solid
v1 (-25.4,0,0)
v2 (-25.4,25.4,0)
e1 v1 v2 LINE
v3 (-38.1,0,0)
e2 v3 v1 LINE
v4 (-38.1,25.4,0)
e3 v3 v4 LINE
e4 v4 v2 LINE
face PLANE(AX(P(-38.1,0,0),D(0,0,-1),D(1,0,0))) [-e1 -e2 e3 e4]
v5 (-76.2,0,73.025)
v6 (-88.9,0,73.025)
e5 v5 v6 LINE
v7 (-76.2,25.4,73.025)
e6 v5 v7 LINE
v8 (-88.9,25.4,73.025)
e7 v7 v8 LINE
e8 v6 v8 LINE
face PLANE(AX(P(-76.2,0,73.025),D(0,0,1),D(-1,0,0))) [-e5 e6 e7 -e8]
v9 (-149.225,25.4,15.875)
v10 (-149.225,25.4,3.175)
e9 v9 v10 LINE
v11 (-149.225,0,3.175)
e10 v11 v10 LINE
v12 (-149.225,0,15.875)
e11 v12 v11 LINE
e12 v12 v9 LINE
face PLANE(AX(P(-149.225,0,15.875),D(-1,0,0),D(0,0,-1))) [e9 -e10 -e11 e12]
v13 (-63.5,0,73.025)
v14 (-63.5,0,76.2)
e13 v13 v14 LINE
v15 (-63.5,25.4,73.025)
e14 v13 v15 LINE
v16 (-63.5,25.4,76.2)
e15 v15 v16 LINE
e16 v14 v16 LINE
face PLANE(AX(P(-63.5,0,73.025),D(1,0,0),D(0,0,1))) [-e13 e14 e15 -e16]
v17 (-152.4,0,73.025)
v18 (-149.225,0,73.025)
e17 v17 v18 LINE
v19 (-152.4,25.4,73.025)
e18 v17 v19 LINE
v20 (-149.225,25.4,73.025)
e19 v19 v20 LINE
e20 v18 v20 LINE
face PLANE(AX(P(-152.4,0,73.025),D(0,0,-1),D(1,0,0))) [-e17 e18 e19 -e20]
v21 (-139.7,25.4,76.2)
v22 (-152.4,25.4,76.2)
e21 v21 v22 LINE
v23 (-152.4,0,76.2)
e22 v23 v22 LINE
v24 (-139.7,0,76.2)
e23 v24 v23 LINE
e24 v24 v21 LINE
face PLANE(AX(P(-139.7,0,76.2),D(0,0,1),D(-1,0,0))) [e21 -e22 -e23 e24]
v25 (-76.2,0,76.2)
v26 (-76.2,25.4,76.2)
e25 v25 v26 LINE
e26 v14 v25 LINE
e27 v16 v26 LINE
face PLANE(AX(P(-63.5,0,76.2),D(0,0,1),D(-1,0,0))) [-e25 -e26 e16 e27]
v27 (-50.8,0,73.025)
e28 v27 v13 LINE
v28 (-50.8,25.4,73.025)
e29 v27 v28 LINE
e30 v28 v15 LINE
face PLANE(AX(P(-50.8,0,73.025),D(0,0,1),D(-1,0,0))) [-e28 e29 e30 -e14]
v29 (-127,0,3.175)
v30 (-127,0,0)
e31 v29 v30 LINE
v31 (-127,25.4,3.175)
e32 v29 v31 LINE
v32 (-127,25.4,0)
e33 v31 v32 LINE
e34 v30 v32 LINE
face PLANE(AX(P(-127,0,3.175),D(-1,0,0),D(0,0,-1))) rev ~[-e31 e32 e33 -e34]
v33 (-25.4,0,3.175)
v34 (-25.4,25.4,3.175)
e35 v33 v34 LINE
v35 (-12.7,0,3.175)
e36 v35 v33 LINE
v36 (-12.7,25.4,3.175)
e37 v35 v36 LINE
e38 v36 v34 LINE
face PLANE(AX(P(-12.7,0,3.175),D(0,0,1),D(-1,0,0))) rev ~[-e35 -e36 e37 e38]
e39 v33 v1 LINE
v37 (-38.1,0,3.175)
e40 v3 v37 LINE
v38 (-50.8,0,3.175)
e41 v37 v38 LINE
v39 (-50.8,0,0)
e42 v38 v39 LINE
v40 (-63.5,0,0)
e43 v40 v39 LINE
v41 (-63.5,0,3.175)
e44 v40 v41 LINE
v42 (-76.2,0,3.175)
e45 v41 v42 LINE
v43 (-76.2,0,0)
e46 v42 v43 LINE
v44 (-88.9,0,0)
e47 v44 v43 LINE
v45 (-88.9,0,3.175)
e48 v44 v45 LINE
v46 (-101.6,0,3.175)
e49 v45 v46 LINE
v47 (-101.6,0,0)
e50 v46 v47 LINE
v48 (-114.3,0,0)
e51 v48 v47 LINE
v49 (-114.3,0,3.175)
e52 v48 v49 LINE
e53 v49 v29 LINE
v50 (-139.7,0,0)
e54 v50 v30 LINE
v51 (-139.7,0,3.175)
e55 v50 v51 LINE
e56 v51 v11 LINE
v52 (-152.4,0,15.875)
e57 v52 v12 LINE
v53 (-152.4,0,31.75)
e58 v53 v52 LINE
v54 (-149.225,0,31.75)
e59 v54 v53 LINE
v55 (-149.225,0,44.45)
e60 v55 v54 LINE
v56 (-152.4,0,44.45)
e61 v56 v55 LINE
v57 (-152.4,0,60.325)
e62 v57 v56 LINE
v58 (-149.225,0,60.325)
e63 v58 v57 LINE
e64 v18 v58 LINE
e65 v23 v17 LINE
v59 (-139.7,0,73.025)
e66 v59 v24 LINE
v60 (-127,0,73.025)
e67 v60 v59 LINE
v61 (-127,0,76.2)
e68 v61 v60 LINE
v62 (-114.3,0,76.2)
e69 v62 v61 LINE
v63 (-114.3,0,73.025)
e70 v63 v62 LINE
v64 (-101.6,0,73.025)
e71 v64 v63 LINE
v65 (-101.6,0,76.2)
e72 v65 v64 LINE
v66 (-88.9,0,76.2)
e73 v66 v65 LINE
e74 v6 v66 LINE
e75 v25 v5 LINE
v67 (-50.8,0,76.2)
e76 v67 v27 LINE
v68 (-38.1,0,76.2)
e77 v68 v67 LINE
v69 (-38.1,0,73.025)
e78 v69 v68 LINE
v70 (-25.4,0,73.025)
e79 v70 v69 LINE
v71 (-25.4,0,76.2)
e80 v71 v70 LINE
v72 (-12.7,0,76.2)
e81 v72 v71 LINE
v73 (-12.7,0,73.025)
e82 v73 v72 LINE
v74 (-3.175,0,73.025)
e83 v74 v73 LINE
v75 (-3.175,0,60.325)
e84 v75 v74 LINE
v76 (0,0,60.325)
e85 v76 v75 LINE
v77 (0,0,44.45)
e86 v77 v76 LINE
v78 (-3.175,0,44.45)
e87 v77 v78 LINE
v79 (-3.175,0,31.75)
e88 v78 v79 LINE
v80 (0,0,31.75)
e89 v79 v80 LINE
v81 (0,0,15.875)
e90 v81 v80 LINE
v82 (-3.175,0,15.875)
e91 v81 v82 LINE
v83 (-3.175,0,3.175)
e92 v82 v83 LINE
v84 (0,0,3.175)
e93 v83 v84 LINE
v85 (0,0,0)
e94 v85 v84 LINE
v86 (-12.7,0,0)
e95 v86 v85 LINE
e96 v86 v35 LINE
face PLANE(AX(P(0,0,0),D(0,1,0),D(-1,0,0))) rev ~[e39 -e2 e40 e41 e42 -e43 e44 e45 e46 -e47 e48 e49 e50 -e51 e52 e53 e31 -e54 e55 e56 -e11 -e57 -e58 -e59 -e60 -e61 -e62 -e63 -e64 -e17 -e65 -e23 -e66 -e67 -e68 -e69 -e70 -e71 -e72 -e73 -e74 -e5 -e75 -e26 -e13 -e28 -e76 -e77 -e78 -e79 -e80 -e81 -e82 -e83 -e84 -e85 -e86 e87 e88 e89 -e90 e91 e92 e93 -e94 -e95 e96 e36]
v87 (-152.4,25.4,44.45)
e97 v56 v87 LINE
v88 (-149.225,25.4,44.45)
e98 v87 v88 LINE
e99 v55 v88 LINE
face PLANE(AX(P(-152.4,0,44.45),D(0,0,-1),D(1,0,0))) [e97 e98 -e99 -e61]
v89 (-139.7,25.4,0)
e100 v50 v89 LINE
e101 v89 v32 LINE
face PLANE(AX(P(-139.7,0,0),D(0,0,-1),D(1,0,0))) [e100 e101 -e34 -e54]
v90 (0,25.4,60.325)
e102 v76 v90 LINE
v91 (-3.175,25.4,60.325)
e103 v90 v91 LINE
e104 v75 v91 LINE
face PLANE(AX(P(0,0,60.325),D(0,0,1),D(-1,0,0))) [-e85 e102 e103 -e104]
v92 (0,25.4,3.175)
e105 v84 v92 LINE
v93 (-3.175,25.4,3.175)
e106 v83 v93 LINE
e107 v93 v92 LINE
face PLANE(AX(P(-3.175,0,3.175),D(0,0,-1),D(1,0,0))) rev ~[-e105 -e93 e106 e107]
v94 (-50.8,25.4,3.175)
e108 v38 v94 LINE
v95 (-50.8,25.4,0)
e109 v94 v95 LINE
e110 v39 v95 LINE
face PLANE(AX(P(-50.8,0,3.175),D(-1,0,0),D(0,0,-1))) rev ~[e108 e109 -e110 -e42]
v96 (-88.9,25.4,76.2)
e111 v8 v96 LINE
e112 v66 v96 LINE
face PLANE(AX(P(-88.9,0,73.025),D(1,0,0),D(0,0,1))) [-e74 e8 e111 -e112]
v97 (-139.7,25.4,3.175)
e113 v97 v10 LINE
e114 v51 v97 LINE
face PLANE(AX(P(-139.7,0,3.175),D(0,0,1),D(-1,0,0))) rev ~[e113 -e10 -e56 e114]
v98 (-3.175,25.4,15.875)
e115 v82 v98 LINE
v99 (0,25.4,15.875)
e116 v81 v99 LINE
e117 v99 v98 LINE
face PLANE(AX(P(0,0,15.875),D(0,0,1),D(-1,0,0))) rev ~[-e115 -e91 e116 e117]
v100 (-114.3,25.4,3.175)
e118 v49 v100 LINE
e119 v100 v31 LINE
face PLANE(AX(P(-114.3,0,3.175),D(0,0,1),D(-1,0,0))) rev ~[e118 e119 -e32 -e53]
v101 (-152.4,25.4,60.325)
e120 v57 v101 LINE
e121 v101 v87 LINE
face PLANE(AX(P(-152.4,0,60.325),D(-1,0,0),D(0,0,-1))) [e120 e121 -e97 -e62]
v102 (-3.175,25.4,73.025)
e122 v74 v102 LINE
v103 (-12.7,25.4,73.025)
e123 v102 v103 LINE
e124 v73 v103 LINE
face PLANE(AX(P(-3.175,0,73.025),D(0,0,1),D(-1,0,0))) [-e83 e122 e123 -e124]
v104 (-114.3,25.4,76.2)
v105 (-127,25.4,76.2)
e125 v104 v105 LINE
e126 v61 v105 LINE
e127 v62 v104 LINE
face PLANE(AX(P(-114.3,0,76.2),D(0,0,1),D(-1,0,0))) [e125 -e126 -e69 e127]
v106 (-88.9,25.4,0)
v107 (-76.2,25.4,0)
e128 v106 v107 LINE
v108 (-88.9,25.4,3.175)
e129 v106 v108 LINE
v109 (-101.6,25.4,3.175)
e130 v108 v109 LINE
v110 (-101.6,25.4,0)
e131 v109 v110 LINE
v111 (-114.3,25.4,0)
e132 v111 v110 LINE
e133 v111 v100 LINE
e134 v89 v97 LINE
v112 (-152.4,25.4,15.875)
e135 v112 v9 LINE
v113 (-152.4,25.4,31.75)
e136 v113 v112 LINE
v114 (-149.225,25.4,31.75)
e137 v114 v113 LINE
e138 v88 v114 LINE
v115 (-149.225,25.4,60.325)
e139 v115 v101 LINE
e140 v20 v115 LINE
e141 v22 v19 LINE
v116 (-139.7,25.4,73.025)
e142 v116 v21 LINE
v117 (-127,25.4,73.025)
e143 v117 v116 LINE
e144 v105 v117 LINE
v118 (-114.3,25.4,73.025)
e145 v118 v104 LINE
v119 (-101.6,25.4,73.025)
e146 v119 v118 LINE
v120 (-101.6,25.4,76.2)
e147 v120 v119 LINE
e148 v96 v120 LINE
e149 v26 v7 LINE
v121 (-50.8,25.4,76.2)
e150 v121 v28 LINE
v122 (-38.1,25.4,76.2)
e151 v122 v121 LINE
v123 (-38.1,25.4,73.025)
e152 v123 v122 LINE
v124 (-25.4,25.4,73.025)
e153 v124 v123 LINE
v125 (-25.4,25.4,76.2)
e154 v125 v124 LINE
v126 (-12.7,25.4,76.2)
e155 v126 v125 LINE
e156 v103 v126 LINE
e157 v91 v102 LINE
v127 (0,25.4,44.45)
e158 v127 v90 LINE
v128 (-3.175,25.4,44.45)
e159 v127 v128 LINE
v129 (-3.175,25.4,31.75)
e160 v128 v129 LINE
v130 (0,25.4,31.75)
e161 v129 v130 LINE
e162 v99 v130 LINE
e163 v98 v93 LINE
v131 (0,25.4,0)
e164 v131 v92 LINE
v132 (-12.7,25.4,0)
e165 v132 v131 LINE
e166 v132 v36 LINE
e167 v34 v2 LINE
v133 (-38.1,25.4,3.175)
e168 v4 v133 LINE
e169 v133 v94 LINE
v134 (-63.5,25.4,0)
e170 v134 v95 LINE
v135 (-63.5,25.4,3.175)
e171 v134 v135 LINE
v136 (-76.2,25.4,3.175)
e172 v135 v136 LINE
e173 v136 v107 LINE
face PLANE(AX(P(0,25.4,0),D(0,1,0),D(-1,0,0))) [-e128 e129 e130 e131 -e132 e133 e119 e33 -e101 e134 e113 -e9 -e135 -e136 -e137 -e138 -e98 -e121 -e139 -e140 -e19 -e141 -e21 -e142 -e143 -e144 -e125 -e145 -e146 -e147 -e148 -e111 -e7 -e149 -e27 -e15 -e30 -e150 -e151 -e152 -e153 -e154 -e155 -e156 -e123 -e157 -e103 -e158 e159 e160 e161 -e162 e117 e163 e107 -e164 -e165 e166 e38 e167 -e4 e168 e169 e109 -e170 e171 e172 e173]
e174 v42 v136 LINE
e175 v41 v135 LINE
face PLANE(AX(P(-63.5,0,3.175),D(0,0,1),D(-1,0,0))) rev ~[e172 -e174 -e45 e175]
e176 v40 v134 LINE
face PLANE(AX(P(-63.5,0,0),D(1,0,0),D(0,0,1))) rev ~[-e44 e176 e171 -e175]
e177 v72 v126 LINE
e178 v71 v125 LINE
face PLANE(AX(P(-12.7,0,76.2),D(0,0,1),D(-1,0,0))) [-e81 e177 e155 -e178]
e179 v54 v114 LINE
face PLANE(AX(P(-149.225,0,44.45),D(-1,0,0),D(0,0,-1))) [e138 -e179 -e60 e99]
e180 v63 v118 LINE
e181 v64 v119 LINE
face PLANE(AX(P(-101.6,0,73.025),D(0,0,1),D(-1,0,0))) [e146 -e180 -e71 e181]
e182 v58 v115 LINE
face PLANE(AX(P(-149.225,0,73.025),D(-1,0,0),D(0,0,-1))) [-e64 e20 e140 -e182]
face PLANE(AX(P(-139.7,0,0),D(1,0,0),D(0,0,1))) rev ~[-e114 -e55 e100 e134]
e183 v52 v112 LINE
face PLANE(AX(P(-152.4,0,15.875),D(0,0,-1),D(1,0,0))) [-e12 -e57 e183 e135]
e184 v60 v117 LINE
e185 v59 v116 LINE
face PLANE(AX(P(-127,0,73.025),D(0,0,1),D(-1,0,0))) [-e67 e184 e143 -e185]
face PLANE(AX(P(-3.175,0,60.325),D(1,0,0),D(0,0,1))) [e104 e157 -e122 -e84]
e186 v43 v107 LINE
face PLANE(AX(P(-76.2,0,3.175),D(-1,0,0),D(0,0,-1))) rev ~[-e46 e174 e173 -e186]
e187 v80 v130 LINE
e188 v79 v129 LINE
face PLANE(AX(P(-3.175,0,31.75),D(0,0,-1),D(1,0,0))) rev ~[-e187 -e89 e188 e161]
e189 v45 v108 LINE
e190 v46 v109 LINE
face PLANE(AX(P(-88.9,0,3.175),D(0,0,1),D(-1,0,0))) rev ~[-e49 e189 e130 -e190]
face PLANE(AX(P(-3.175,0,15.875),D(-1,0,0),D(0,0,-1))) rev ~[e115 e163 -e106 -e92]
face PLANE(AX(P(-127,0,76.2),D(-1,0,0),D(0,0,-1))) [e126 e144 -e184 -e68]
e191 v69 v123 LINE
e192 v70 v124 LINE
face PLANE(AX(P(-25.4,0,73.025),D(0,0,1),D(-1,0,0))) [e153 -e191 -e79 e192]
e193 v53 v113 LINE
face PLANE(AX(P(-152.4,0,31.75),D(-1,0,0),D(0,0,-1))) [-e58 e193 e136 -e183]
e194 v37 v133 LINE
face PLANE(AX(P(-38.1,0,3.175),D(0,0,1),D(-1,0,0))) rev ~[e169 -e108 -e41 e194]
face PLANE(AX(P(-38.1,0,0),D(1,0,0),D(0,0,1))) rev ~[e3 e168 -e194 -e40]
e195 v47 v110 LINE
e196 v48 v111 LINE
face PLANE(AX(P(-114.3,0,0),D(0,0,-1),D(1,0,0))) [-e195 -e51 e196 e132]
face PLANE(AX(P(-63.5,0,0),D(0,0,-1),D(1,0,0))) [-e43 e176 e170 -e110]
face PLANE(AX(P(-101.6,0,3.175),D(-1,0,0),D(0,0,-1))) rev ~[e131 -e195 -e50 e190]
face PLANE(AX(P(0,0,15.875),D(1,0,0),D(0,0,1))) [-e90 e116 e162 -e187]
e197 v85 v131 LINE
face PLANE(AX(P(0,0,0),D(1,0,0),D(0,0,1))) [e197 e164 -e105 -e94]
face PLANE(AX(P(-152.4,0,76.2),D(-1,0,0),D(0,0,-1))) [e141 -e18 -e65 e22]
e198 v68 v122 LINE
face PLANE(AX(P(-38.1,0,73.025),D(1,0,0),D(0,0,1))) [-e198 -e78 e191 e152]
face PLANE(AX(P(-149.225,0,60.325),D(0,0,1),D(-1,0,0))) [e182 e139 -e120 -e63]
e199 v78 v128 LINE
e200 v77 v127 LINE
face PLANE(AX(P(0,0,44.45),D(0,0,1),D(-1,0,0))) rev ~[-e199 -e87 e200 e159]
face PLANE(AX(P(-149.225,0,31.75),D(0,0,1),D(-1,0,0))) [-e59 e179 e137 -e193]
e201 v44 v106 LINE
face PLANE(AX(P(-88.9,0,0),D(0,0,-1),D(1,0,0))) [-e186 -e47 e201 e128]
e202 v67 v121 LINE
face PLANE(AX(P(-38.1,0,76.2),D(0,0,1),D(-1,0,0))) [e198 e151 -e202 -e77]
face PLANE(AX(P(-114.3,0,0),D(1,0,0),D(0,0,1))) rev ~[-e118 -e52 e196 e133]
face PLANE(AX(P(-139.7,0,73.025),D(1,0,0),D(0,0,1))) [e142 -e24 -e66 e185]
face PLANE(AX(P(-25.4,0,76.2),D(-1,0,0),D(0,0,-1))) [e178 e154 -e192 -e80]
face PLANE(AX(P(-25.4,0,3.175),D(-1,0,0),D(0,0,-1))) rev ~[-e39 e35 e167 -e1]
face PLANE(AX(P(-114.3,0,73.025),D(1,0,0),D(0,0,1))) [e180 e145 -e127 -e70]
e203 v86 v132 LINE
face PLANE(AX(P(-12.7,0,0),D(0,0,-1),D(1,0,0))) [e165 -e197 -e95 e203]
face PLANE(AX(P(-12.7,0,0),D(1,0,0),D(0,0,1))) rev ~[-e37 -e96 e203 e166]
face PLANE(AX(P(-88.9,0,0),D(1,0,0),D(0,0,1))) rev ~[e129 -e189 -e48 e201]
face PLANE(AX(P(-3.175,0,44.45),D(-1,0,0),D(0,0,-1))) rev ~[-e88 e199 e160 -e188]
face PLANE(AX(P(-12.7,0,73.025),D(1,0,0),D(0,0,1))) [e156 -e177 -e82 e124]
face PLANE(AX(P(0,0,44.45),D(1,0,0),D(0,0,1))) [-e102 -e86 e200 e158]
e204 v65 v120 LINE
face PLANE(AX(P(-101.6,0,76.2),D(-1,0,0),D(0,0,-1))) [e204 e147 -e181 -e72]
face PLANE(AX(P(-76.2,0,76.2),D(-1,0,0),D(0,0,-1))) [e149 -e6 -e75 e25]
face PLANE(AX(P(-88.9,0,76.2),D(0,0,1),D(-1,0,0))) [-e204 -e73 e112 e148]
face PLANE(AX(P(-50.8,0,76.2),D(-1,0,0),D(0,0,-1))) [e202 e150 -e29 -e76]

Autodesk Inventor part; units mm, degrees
ref_plane "YZ Plane" through (0, 0, 0) normal (1, 0, 0) x (0, 1, 0)
ref_plane "XZ Plane" through (0, 0, 0) normal (0, 1, 0) x (-1, 0, 0)
ref_plane "XY Plane" through (0, 0, 0) normal (0, 0, 1) x (1, 0, 0)
sketch "Sketch1" plane through (0, 0, 0) normal (0, 1, 0) x (-1, 0, 0)
  line L0 (0, 0) -> (0, 76.2)
  line L1 (0, 76.2) -> (152.4, 76.2)
  line L2 (152.4, 76.2) -> (152.4, 0)
  line L3 (152.4, 0) -> (0, 0)
  line L4 (139.7, 76.2) -> (127, 76.2)
  line L5 (127, 76.2) -> (127, 73.025)
  line L6 (127, 73.025) -> (139.7, 73.025)
  line L7 (139.7, 73.025) -> (139.7, 76.2)
  line L8 (114.3, 76.2) -> (101.6, 76.2)
  line L9 (101.6, 76.2) -> (101.6, 73.025)
  line L10 (101.6, 73.025) -> (114.3, 73.025)
  line L11 (114.3, 73.025) -> (114.3, 76.2)
  line L12 (88.9, 76.2) -> (76.2, 76.2)
  line L13 (76.2, 76.2) -> (76.2, 73.025)
  line L14 (76.2, 73.025) -> (88.9, 73.025)
  line L15 (88.9, 73.025) -> (88.9, 76.2)
  line L16 (63.5, 76.2) -> (50.8, 76.2)
  line L17 (50.8, 76.2) -> (50.8, 73.025)
  line L18 (50.8, 73.025) -> (63.5, 73.025)
  line L19 (63.5, 73.025) -> (63.5, 76.2)
  line L20 (38.1, 76.2) -> (25.4, 76.2)
  line L21 (25.4, 76.2) -> (25.4, 73.025)
  line L22 (25.4, 73.025) -> (38.1, 73.025)
  line L23 (38.1, 73.025) -> (38.1, 76.2)
  line L24 (12.7, 76.2) -> (0, 76.2)
  line L25 (0, 76.2) -> (0, 73.025)
  line L26 (0, 73.025) -> (12.7, 73.025)
  line L27 (12.7, 73.025) -> (12.7, 76.2)
  line L28 (152.4, 0) -> (139.7, 0)
  line L29 (139.7, 0) -> (139.7, 3.175)
  line L30 (139.7, 3.175) -> (152.4, 3.175)
  line L31 (152.4, 3.175) -> (152.4, 0)
  line L32 (127, 0) -> (114.3, 0)
  line L33 (114.3, 0) -> (114.3, 3.175)
  line L34 (114.3, 3.175) -> (127, 3.175)
  line L35 (127, 3.175) -> (127, 0)
  line L36 (101.6, 0) -> (88.9, 0)
  line L37 (88.9, 0) -> (88.9, 3.175)
  line L38 (88.9, 3.175) -> (101.6, 3.175)
  line L39 (101.6, 3.175) -> (101.6, 0)
  line L40 (76.2, 0) -> (63.5, 0)
  line L41 (63.5, 0) -> (63.5, 3.175)
  line L42 (63.5, 3.175) -> (76.2, 3.175)
  line L43 (76.2, 3.175) -> (76.2, 0)
  line L44 (50.8, 0) -> (38.1, 0)
  line L45 (38.1, 0) -> (38.1, 3.175)
  line L46 (38.1, 3.175) -> (50.8, 3.175)
  line L47 (50.8, 3.175) -> (50.8, 0)
  line L48 (25.4, 0) -> (12.7, 0)
  line L49 (12.7, 0) -> (12.7, 3.175)
  line L50 (12.7, 3.175) -> (25.4, 3.175)
  line L51 (25.4, 3.175) -> (25.4, 0)
  line L52 (152.4, 73.025) -> (149.225, 73.025)
  line L53 (149.225, 73.025) -> (149.225, 60.325)
  line L54 (149.225, 60.325) -> (152.4, 60.325)
  line L55 (152.4, 60.325) -> (152.4, 73.025)
  line L56 (152.4, 44.45) -> (149.225, 44.45)
  line L57 (149.225, 44.45) -> (149.225, 31.75)
  line L58 (149.225, 31.75) -> (152.4, 31.75)
  line L59 (152.4, 31.75) -> (152.4, 44.45)
  line L60 (152.4, 15.875) -> (149.225, 15.875)
  line L61 (149.225, 15.875) -> (149.225, 3.175)
  line L62 (149.225, 3.175) -> (152.4, 3.175)
  line L63 (152.4, 3.175) -> (152.4, 15.875)
  line L64 (0, 73.025) -> (0, 60.325)
  line L65 (0, 60.325) -> (3.175, 60.325)
  line L66 (3.175, 60.325) -> (3.175, 73.025)
  line L67 (3.175, 73.025) -> (0, 73.025)
  line L68 (0, 3.175) -> (0, 15.875)
  line L69 (0, 15.875) -> (3.175, 15.875)
  line L70 (3.175, 15.875) -> (3.175, 3.175)
  line L71 (3.175, 3.175) -> (0, 3.175)
  line L72 (0, 31.75) -> (0, 44.45)
  line L73 (0, 44.45) -> (3.175, 44.45)
  line L74 (3.175, 44.45) -> (3.175, 31.75)
  line L75 (3.175, 31.75) -> (0, 31.75)
  point P0 (149.225, 3.175)
  dimension "d176" = 76.2
  dimension "d177" = 152.4
  dimension "d178" = 12.7
  dimension "d179" = 3.175
  dimension "d180" = 12.7
  dimension "d181" = 12.7
  dimension "d182" = 3.175
  dimension "d183" = 12.7
  dimension "d184" = 3.175
  dimension "d185" = 12.7
  dimension "d186" = 3.175
  dimension "d187" = 12.7
  dimension "d188" = 3.175
  dimension "d189" = 12.7
  dimension "d190" = 12.7
  dimension "d191" = 12.7
  dimension "d192" = 12.7
  dimension "d193" = 12.7
  dimension "d194" = 3.175
  dimension "d195" = 12.7
  dimension "d196" = 12.7
  dimension "d197" = 3.175
  dimension "d198" = 12.7
  dimension "d199" = 3.175
  dimension "d200" = 12.7
  dimension "d201" = 3.175
  dimension "d202" = 12.7
  dimension "d203" = 3.175
  dimension "d204" = 12.7
  dimension "d205" = 12.7
  dimension "d206" = 12.7
  dimension "d207" = 12.7
  dimension "d208" = 3.175
  dimension "d209" = 12.7
  dimension "d210" = 3.175
  dimension "d211" = 12.7
  dimension "d212" = 12.7
  dimension "d213" = 3.175
  dimension "d214" = 12.7
  dimension "d215" = 3.175
  dimension "d216" = 3.175
  dimension "d217" = 12.7
  dimension "d218" = 15.875
  dimension "d219" = 3.175
  dimension "d220" = 12.7
  dimension "d222" = 3.175
  dimension "d223" = 12.7
  dimension "d224" = 3.175
  dimension "d225" = 12.7
  dimension "d226" = 3.175
  dimension "d227" = 3.175
  dimension "d228" = 12.7
  dimension "d229" = 3.175
  dimension "d230" = 15.875
extrude "Extrusion5" add sketch "Sketch1" along normal blind 25.4 contours L0 L71 L70 L69 L75 L74 L73 L65 L66 L26 L27 L1 L21 L22 L23 L17 L18 L19 L13 L14 L15 L9 L10 L11 L5 L6 L7 L2 L52 L53 L54 L56 L57 L58 L60 L61 L30 L29 L3 L35 L34 L33 L39 L38 L37 L43 L42 L41 L47 L46 L45 L51 L50 L49
properties part number "FrontPanel"
